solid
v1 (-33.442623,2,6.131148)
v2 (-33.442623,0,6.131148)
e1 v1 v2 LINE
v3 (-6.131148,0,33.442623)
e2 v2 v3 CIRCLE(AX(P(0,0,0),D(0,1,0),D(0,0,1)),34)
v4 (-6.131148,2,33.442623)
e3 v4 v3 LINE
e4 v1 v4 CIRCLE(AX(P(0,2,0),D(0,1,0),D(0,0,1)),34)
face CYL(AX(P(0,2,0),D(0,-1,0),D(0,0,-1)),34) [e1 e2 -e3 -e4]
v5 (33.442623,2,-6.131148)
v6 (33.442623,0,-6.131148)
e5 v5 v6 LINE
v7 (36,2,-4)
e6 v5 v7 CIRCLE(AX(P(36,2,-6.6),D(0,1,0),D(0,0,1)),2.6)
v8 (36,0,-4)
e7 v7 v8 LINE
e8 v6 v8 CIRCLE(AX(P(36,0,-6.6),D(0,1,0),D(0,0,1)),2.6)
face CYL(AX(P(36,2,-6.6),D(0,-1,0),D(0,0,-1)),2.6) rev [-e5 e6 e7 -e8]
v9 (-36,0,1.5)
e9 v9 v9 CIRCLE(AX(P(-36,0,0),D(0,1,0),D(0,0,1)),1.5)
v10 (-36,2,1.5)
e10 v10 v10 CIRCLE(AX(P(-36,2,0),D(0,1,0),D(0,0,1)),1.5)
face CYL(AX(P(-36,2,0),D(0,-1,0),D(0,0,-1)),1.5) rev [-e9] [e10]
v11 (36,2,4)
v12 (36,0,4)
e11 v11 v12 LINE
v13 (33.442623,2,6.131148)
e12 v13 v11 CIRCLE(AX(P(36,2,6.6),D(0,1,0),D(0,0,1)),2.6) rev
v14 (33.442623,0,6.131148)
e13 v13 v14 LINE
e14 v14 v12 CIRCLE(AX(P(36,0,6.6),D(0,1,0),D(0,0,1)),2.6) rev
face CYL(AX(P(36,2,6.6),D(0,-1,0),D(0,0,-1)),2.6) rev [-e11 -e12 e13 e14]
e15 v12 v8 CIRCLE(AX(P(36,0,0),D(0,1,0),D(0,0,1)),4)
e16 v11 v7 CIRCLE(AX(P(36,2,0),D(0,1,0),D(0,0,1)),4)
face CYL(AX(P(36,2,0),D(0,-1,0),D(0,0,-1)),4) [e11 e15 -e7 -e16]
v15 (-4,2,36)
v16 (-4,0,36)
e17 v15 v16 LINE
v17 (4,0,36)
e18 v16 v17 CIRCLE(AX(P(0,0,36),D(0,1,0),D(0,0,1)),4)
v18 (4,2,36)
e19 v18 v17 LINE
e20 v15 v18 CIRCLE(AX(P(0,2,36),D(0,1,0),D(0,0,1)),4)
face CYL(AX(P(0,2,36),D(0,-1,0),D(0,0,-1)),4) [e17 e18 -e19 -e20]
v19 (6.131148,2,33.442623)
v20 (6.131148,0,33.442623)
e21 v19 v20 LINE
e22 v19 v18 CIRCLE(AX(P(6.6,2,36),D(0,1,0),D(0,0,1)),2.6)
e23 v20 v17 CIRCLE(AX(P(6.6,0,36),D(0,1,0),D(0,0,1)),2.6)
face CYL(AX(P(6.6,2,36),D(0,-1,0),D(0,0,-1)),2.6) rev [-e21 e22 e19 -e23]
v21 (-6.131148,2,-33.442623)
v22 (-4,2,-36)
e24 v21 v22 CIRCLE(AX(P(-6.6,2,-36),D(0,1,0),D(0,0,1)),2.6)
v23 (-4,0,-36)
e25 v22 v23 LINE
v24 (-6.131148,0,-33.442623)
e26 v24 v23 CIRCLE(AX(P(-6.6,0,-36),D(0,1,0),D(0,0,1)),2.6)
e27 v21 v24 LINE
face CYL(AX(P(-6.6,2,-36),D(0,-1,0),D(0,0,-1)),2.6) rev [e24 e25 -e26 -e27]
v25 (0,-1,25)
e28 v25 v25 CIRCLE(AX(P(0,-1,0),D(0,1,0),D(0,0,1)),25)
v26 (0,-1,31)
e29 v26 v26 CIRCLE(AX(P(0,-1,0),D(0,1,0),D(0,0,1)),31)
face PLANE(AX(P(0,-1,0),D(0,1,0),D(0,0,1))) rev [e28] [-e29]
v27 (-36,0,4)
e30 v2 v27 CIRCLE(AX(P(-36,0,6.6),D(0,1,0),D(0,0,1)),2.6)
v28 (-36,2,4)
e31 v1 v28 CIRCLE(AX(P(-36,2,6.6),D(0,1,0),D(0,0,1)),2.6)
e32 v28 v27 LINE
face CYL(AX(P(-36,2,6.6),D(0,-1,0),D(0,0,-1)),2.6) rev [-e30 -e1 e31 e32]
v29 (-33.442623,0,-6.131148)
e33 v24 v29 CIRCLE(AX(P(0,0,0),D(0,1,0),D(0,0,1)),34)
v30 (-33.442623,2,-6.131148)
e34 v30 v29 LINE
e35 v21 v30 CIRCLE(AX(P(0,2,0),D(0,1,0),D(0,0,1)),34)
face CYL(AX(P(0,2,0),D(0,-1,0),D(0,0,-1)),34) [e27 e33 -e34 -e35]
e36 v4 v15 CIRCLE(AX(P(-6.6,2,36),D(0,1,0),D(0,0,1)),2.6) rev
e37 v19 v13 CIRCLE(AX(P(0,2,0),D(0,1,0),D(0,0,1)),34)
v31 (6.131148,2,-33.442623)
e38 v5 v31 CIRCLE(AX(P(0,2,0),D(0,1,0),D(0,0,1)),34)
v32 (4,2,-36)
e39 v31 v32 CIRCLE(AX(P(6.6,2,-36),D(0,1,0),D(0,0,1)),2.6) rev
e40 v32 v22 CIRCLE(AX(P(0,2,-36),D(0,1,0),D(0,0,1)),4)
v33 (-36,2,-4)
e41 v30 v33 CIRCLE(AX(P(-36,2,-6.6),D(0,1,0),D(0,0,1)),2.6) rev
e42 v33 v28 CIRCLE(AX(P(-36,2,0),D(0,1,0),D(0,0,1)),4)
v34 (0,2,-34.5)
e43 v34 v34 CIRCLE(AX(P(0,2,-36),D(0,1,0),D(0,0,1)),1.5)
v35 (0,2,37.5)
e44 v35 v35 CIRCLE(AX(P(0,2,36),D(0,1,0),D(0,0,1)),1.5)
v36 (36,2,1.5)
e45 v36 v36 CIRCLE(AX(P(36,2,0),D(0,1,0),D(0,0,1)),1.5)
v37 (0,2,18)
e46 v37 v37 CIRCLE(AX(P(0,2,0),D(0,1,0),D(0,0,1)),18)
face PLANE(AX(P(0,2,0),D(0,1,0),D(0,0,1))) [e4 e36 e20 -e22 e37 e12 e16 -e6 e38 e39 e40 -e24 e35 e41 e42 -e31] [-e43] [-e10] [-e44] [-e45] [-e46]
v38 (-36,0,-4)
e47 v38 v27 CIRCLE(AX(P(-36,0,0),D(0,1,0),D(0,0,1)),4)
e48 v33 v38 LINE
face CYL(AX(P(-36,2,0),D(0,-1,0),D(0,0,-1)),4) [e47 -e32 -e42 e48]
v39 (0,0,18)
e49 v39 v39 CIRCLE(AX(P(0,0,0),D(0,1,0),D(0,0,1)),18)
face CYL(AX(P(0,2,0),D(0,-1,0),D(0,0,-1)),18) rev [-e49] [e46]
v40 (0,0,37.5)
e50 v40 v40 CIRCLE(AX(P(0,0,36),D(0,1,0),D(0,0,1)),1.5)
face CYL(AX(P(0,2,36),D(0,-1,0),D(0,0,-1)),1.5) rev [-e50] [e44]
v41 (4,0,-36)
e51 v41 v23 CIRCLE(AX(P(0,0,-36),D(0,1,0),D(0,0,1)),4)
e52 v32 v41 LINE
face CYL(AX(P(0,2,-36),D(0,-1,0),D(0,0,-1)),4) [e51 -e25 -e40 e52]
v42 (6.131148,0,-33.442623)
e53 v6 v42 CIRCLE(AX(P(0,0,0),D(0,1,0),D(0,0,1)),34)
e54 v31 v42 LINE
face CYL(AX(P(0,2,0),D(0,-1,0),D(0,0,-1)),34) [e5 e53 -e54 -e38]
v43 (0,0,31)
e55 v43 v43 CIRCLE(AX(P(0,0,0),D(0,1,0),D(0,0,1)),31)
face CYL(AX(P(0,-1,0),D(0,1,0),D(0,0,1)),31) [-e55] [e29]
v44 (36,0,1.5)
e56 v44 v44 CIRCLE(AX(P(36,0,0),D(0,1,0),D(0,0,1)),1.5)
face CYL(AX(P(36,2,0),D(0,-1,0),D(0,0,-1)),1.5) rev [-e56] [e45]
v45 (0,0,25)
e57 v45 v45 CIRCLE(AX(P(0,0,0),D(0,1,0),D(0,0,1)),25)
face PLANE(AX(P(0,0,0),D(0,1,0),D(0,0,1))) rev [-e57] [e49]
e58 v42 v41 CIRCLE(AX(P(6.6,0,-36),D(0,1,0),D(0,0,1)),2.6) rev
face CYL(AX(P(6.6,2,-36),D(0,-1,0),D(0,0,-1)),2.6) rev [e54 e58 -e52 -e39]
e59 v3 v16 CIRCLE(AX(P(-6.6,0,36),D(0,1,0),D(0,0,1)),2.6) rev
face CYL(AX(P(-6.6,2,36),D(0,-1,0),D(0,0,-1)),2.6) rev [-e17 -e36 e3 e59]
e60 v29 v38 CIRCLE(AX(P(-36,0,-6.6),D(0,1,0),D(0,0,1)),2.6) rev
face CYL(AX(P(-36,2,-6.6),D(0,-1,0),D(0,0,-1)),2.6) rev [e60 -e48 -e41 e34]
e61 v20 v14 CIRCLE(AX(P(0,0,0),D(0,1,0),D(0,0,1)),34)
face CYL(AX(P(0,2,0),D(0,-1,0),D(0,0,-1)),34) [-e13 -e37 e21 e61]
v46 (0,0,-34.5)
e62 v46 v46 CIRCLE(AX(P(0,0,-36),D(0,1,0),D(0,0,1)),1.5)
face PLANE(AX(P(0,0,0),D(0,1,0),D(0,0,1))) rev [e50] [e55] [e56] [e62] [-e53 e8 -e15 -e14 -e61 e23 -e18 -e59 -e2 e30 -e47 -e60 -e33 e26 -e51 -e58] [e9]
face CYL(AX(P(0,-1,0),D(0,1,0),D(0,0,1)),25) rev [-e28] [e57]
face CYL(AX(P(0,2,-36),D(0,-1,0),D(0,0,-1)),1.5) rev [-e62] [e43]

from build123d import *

# Parameters (mm, degrees)
SKETCH1_R           = 1.5
SKETCH1_R_2         = 18
BOSS_EXTRUDE1_DEPTH = 2
SKETCH1_3_R         = 31
SKETCH1_3_R_2       = 25
BOSS_EXTRUDE2_DEPTH = 1


with BuildPart() as part:
    # Sketch1 → Boss-Extrude1 (new body)
    with BuildSketch(Plane(origin=(0, 0, 0), x_dir=(1, 0, 0), z_dir=(0, 1, 0))):
        with BuildLine():
            ThreePointArc((33.442622951, 6.131147541), (24.04163056, 24.04163056), (6.131147541, 33.442622951))
            ThreePointArc((6.131147541, 33.442622951), (4.602624673, 34.335520561), (4, 36))
            ThreePointArc((4, 36), (0, 40), (-4, 36))
            ThreePointArc((-4, 36), (-4.602624673, 34.335520561), (-6.131147541, 33.442622951))
            ThreePointArc((-6.131147541, 33.442622951), (-24.04163056, 24.04163056), (-33.442622951, 6.131147541))
            ThreePointArc((-33.442622951, 6.131147541), (-34.335520561, 4.602624673), (-36, 4))
            ThreePointArc((-36, 4), (-40, 0), (-36, -4))
            ThreePointArc((-36, -4), (-34.335520561, -4.602624673), (-33.442622951, -6.131147541))
            ThreePointArc((-33.442622951, -6.131147541), (-24.04163056, -24.04163056), (-6.131147541, -33.442622951))
            ThreePointArc((-6.131147541, -33.442622951), (-4.602624673, -34.335520561), (-4, -36))
            ThreePointArc((-4, -36), (0, -40), (4, -36))
            ThreePointArc((4, -36), (4.602624673, -34.335520561), (6.131147541, -33.442622951))
            ThreePointArc((6.131147541, -33.442622951), (24.04163056, -24.04163056), (33.442622951, -6.131147541))
            ThreePointArc((33.442622951, -6.131147541), (34.335520561, -4.602624673), (36, -4))
            ThreePointArc((36, -4), (40, 0), (36, 4))
            ThreePointArc((36, 4), (34.335520561, 4.602624673), (33.442622951, 6.131147541))
        make_face()
        with Locations((36, 0)):
            Circle(SKETCH1_R, mode=Mode.SUBTRACT)
        with Locations((0, -36)):
            Circle(SKETCH1_R, mode=Mode.SUBTRACT)
        with Locations((0, 36)):
            Circle(SKETCH1_R, mode=Mode.SUBTRACT)
        with Locations((-36, 0)):
            Circle(SKETCH1_R, mode=Mode.SUBTRACT)
        Circle(SKETCH1_R_2, mode=Mode.SUBTRACT)
    extrude(amount=BOSS_EXTRUDE1_DEPTH)

    # Sketch1<3> → Boss-Extrude2 (add)
    with BuildSketch(Plane(origin=(0, 0, 0), x_dir=(1, 0, 0), z_dir=(0, 1, 0))):
        Circle(SKETCH1_3_R)
        Circle(SKETCH1_3_R_2, mode=Mode.SUBTRACT)
    extrude(amount=-BOSS_EXTRUDE2_DEPTH)


solid = part.part
